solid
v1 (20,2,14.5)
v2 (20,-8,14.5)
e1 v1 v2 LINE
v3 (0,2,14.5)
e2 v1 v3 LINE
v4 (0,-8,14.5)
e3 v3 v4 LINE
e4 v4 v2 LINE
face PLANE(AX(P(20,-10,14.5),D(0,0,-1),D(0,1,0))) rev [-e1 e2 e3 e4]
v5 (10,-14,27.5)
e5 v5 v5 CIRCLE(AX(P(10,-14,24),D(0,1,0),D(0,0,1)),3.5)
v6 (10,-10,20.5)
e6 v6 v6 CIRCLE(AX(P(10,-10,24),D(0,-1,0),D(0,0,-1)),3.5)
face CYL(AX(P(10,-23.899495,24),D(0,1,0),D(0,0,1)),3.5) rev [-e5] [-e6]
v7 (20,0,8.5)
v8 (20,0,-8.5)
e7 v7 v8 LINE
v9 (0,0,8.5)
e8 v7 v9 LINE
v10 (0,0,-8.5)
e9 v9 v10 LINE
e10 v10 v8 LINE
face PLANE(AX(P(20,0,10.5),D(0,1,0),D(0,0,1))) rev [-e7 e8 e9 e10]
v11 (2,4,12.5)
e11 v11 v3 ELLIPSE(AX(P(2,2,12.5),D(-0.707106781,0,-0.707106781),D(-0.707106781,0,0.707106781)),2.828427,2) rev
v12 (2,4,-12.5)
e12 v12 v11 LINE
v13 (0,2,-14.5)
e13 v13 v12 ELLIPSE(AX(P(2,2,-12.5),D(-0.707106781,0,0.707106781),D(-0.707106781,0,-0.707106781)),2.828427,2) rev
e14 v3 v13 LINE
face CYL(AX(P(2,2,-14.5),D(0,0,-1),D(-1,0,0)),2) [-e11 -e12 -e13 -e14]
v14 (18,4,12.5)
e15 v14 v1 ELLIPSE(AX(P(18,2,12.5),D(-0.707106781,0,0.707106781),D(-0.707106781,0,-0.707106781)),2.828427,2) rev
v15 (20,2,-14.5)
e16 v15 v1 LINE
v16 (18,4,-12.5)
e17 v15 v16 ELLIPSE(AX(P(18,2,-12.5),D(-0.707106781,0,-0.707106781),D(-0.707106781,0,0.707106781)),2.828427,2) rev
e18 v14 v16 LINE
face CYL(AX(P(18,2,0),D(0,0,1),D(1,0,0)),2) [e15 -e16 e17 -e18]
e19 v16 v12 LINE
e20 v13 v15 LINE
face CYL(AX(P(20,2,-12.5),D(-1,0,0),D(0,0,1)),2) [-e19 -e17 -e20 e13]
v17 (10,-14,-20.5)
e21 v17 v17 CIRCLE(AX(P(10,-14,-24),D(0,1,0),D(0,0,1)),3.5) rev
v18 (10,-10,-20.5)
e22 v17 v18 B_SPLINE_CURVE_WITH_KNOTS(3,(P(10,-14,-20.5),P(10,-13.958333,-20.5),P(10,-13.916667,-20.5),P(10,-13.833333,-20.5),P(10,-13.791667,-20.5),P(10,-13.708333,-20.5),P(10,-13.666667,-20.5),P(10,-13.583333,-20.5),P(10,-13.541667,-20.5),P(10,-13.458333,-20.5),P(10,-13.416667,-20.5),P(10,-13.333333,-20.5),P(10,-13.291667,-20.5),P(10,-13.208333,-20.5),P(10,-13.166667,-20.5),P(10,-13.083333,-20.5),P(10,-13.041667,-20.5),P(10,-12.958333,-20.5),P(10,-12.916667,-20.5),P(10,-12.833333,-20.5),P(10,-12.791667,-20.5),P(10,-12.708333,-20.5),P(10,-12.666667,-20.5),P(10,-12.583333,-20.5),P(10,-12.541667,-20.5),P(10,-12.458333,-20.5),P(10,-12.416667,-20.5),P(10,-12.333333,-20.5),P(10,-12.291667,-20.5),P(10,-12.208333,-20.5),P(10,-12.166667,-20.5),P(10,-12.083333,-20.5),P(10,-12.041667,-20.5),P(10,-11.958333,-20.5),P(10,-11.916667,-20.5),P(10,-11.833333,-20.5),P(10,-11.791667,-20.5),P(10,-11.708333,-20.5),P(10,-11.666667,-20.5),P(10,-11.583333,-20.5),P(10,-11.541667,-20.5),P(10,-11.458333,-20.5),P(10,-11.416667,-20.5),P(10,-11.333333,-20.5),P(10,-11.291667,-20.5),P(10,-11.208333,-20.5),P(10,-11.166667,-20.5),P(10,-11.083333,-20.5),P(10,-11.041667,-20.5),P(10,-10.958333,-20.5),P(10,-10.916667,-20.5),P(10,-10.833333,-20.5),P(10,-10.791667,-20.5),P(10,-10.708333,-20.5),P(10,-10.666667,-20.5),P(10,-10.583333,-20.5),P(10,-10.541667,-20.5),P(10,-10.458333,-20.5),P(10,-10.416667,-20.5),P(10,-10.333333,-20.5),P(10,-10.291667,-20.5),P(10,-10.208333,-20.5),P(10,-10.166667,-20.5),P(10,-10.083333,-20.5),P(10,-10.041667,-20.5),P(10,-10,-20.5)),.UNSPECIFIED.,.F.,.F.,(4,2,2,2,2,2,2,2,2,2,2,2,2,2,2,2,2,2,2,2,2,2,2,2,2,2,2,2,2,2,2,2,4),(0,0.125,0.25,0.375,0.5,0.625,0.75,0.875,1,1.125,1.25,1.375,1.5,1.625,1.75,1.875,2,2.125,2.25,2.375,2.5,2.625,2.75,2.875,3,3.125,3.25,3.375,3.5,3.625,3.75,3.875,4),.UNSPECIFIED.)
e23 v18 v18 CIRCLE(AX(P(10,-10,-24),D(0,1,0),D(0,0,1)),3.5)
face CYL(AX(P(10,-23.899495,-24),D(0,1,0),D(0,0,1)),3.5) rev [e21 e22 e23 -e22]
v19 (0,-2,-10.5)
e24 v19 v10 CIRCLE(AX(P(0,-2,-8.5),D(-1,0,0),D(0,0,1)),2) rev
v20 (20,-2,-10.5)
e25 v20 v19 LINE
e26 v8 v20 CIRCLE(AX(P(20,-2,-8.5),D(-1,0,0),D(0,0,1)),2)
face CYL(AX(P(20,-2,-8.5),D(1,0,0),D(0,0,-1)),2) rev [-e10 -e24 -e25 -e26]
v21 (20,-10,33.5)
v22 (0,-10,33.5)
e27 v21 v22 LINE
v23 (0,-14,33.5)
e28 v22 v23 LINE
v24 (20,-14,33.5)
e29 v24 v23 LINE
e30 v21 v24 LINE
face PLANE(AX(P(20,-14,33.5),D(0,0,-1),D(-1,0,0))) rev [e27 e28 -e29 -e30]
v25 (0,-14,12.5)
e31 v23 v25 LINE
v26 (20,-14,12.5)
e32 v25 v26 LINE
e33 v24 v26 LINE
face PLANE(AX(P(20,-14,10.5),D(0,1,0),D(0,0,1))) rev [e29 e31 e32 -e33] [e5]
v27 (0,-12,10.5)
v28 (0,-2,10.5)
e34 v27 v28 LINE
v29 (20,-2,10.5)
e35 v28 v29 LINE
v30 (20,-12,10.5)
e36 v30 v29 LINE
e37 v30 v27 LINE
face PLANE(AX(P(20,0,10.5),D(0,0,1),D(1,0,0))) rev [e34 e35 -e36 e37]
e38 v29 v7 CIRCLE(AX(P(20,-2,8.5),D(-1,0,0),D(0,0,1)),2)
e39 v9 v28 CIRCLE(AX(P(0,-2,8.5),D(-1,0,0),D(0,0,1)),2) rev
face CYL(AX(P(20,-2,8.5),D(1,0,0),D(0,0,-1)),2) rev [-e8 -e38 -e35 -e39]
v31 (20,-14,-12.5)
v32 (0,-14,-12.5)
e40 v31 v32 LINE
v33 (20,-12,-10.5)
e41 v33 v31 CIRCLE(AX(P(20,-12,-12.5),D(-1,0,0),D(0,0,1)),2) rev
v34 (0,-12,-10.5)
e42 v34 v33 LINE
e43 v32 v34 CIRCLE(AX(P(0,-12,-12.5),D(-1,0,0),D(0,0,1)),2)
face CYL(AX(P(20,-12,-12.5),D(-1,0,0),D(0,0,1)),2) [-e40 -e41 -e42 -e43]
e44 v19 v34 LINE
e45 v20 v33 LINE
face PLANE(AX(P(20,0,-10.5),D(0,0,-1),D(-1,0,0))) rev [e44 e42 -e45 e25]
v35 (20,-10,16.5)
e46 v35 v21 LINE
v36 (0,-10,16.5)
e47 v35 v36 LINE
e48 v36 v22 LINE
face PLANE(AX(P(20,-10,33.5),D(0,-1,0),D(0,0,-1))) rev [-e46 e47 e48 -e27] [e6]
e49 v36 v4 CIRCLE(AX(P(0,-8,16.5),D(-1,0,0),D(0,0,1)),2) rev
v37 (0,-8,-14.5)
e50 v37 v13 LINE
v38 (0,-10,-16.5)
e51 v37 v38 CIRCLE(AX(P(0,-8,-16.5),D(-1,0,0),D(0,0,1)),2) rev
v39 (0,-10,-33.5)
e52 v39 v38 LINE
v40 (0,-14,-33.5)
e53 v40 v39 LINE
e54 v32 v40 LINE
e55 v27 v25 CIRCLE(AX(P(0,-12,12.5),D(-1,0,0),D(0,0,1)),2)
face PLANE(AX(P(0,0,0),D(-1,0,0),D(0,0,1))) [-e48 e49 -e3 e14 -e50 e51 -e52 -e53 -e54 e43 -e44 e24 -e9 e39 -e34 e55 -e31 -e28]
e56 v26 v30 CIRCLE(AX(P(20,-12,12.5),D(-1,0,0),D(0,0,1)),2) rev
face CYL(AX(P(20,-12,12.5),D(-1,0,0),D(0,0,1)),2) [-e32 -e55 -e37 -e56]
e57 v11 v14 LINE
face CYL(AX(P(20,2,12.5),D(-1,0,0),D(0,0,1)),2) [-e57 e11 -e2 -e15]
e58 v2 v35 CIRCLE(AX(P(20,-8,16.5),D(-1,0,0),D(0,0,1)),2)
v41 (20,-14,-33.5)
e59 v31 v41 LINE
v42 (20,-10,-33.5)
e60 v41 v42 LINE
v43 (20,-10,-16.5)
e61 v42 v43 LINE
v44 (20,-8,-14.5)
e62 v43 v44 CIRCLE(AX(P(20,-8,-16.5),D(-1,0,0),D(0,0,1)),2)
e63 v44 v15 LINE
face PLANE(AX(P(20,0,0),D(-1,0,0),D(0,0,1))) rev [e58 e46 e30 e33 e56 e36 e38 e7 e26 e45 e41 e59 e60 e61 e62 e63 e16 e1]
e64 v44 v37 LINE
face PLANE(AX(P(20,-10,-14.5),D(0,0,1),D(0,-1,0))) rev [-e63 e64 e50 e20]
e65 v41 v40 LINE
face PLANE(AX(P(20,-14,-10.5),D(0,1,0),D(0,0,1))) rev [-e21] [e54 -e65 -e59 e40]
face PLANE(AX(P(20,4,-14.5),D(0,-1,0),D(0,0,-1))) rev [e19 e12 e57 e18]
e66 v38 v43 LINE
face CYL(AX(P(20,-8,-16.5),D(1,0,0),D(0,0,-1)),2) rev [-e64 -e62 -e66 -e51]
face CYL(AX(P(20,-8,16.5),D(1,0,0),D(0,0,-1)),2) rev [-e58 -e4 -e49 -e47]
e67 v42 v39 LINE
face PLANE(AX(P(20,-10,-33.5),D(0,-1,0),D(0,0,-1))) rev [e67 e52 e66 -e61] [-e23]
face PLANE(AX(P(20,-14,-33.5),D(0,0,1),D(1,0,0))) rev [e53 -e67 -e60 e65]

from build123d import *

# Parameters (mm, degrees)
BOSS_EXTRUDE1_DEPTH = 20
SKETCH2_R           = 3.5
CUT_EXTRUDE1_DEPTH  = 4
FILLET1_R           = 2


with BuildPart() as part:
    # Sketch1 → Boss-Extrude1 (new body)
    with BuildSketch(Plane(origin=(0, 0, 0), x_dir=(0, 0, -1), z_dir=(1, 0, 0))):
        Polygon((-10.5, 0), (10.5, 0), (10.5, -14), (33.5, -14), (33.5, -10), (14.5, -10), (14.5, 4), (-14.5, 4), (-14.5, -10), (-33.5, -10), (-33.5, -14), (-10.5, -14), align=None)
    extrude(amount=BOSS_EXTRUDE1_DEPTH)

    # Sketch2 → Cut-Extrude1 (cut)
    with BuildSketch(Plane(origin=(0, -10, 0), x_dir=(1, 0, 0), z_dir=(0, 1, 0))):
        with Locations(Location((10, 24, 0), (0, 0, 270))):
            Circle(SKETCH2_R)
    cut_extrude1 = extrude(amount=-CUT_EXTRUDE1_DEPTH, mode=Mode.SUBTRACT)

    # Mirror1: Cut-Extrude1 across plane
    add(cut_extrude1.mirror(Plane.XY), mode=Mode.SUBTRACT)

    # Fillet1
    fillet1_edges = [part.edges().sort_by_distance(p)[0] for p in [
        (0, 4, 0),
        (10, -14, 10.5),
        (10, -10, 14.5),
        (10, 4, 14.5),
        (10, 4, -14.5),
        (10, -10, -14.5),
        (10, -14, -10.5),
        (10, 0, -10.5),
        (10, 0, 10.5),
        (20, 4, 0),
    ]]
    fillet(fillet1_edges, radius=FILLET1_R)


solid = part.part
